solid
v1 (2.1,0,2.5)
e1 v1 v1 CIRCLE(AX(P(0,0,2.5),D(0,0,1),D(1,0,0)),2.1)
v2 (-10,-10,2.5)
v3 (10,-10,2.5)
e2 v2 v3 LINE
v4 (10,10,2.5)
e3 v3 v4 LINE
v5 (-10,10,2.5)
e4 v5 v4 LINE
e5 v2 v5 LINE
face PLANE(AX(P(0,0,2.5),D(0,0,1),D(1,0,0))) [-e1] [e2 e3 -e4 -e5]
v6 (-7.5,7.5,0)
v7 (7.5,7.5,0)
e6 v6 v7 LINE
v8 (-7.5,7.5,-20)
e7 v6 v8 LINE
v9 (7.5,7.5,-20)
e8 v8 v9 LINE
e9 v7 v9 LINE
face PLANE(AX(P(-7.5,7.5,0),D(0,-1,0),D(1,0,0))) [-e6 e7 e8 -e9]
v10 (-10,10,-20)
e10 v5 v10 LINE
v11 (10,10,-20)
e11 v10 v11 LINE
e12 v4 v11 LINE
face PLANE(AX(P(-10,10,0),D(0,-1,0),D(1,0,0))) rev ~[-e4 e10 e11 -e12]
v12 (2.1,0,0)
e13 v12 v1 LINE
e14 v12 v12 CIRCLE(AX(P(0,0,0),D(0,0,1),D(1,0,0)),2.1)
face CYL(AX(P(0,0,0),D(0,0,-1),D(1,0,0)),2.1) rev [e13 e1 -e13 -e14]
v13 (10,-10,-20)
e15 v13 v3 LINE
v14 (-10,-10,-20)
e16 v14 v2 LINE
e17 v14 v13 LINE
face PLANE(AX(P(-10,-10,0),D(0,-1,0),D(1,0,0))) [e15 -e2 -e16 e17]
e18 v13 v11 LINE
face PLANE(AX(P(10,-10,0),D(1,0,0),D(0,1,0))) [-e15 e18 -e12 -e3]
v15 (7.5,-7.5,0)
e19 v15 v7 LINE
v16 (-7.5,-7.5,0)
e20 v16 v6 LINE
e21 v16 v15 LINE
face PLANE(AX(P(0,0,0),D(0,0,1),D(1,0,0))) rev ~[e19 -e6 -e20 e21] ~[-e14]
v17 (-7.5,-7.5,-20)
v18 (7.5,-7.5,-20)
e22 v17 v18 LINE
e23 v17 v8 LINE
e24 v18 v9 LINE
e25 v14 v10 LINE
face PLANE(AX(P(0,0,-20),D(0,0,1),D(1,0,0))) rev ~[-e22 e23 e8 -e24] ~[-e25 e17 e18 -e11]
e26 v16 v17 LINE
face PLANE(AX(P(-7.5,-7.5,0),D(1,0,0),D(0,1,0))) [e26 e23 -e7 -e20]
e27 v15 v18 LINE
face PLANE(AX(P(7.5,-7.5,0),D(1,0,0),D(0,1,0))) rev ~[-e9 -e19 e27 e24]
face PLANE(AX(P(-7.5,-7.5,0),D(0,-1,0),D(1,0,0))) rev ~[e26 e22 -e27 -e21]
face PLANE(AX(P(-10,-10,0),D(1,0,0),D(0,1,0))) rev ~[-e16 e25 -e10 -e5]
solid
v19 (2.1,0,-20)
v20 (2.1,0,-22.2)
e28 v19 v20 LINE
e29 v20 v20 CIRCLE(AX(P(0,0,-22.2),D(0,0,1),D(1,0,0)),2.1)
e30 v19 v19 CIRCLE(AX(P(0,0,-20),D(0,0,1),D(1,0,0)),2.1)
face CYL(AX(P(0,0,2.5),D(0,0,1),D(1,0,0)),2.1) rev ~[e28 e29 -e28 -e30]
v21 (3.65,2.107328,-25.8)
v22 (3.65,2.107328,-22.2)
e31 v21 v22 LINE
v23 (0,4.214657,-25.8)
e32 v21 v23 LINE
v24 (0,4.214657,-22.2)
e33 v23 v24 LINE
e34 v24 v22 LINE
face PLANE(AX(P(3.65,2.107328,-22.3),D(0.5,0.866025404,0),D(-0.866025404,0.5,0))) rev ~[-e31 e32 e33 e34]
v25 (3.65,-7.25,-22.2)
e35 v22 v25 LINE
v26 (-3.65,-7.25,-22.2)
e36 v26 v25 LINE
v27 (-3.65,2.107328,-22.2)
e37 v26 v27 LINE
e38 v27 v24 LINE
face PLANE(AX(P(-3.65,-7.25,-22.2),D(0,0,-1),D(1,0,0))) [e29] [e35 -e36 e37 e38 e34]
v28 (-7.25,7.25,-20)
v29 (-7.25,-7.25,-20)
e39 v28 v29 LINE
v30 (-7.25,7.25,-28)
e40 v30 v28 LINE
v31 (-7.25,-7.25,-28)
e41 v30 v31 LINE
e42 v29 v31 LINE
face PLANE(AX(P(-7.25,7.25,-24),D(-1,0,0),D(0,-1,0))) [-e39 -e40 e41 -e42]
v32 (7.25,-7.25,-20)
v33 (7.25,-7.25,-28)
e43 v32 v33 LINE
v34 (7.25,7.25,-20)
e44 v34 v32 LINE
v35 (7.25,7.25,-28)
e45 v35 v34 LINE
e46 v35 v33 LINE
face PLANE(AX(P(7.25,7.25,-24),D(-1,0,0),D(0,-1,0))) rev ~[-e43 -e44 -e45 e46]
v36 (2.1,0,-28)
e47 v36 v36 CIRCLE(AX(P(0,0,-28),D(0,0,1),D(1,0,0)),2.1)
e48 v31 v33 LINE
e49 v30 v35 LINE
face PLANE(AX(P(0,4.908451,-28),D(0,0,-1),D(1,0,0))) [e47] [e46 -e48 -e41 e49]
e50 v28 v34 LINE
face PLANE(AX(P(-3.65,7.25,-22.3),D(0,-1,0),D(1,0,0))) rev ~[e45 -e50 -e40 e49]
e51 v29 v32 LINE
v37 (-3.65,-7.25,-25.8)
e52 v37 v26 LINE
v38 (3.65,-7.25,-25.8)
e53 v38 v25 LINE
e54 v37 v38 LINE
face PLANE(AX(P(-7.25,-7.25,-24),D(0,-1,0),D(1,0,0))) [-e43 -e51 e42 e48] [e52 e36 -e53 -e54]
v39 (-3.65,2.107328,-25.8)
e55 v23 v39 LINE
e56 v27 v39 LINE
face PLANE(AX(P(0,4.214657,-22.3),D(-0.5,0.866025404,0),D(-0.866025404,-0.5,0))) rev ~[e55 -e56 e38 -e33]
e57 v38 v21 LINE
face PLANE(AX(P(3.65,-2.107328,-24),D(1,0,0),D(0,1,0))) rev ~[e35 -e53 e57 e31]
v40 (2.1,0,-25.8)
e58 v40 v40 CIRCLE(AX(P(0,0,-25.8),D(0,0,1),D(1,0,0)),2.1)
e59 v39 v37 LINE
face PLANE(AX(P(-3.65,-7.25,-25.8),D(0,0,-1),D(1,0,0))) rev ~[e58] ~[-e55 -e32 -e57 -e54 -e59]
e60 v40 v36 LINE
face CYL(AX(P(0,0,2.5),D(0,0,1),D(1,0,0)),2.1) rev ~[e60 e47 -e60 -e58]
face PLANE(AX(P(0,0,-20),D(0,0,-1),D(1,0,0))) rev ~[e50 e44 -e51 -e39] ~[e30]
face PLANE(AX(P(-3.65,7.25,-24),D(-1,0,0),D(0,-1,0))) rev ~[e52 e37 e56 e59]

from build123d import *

# Parameters (mm, degrees)
F0_W      = 20
F0_H      = 20
F0_W_2    = 15
F0_H_2    = 15
F0_R      = 2.1
F1_DEPTH  = 2.5
F2_DEPTH  = 20
F3_W      = 14.5
F3_H      = 14.5
F4_DEPTH  = 4
F6_DEPTH  = 1.7
F7_DEPTH  = 4
F8_DEPTH  = 5.7
F9_W      = 7.3
F9_H      = 3.6
F10_DEPTH = 7.2
F11_W     = 14.5
F11_H     = 14.5
F12_DEPTH = 2.2
F13_W     = 14.5
F13_H     = 14.5
F14_DEPTH = 2.2
F15_R     = 2.1
F16_DEPTH = 53.6


with BuildPart() as f1:
    # F0 (on Top) → F1 (new body)
    with BuildSketch(Plane.XY):
        Rectangle(F0_W, F0_H)
        Rectangle(F0_W_2, F0_H_2, mode=Mode.SUBTRACT)
        Rectangle(F0_W_2, F0_H_2)
        Circle(F0_R, mode=Mode.SUBTRACT)
    extrude(amount=F1_DEPTH)

    # F0 (on Top) → F2 (join)
    with BuildSketch(Plane.XY):
        Rectangle(F0_W, F0_H)
        Rectangle(F0_W_2, F0_H_2, mode=Mode.SUBTRACT)
    extrude(amount=-F2_DEPTH)


with BuildPart() as f4:
    # F3 (on face) → F4 (new body)
    with BuildSketch(Plane(origin=(0, 0, -20), x_dir=(1, 0, 0), z_dir=(0, 0, -1))):
        Rectangle(F3_W, F3_H)
        Polygon((0, -4.2146569651), (-3.65, -2.1073284825), (-3.65, 2.1073284825), (0, 4.2146569651), (3.65, 2.1073284825), (3.65, -2.1073284825), align=None, mode=Mode.SUBTRACT)
    extrude(amount=F4_DEPTH)

    # F5 (on face) → F6 (cut)
    with BuildSketch(Plane(origin=(0, 0, -24), x_dir=(1, 0, 0), z_dir=(0, 0, -1))):
        Polygon((0, -4.2146569651), (-3.65, -2.1073284825), (-3.65, -7.25), (3.65, -7.25), (3.65, -2.1073284825), align=None)
    extrude(amount=-F6_DEPTH, mode=Mode.SUBTRACT)

    # F7 (add): a face of the model
    f7_faces = [f4.faces().sort_by_distance(p)[0] for p in [
        (5.45, 7.0449390335, -24),
    ]]
    extrude(f7_faces, amount=F7_DEPTH)

    # F8 (add, through all): a face of the model
    f8_faces = [f4.faces().sort_by_distance(p)[0] for p in [
        (0, 5.160244615, -22.3),
    ]]
    extrude(f8_faces, amount=F8_DEPTH)

    # F9 (on face) → F10 (cut)
    with BuildSketch(Plane.XZ.offset(7.25)):
        with Locations((0, -24)):
            Rectangle(F9_W, F9_H)
    extrude(amount=-F10_DEPTH, mode=Mode.SUBTRACT)

    # F11 (on face) → F12 (join, through all)
    with BuildSketch(Plane(origin=(0, 0, -28), x_dir=(1, 0, 0), z_dir=(0, 0, -1))):
        Rectangle(F11_W, F11_H)
    extrude(amount=-F12_DEPTH)

    # F13 (on face) → F14 (join, through all)
    with BuildSketch(Plane.XY.offset(-20)):
        Rectangle(F13_W, F13_H)
    extrude(amount=-F14_DEPTH)

    # F15 (on face) → F16 (cut)
    with BuildSketch(Plane.XY.offset(2.5)):
        Circle(F15_R)
    extrude(amount=-F16_DEPTH, mode=Mode.SUBTRACT)


solid = Compound([f1.part, f4.part])
